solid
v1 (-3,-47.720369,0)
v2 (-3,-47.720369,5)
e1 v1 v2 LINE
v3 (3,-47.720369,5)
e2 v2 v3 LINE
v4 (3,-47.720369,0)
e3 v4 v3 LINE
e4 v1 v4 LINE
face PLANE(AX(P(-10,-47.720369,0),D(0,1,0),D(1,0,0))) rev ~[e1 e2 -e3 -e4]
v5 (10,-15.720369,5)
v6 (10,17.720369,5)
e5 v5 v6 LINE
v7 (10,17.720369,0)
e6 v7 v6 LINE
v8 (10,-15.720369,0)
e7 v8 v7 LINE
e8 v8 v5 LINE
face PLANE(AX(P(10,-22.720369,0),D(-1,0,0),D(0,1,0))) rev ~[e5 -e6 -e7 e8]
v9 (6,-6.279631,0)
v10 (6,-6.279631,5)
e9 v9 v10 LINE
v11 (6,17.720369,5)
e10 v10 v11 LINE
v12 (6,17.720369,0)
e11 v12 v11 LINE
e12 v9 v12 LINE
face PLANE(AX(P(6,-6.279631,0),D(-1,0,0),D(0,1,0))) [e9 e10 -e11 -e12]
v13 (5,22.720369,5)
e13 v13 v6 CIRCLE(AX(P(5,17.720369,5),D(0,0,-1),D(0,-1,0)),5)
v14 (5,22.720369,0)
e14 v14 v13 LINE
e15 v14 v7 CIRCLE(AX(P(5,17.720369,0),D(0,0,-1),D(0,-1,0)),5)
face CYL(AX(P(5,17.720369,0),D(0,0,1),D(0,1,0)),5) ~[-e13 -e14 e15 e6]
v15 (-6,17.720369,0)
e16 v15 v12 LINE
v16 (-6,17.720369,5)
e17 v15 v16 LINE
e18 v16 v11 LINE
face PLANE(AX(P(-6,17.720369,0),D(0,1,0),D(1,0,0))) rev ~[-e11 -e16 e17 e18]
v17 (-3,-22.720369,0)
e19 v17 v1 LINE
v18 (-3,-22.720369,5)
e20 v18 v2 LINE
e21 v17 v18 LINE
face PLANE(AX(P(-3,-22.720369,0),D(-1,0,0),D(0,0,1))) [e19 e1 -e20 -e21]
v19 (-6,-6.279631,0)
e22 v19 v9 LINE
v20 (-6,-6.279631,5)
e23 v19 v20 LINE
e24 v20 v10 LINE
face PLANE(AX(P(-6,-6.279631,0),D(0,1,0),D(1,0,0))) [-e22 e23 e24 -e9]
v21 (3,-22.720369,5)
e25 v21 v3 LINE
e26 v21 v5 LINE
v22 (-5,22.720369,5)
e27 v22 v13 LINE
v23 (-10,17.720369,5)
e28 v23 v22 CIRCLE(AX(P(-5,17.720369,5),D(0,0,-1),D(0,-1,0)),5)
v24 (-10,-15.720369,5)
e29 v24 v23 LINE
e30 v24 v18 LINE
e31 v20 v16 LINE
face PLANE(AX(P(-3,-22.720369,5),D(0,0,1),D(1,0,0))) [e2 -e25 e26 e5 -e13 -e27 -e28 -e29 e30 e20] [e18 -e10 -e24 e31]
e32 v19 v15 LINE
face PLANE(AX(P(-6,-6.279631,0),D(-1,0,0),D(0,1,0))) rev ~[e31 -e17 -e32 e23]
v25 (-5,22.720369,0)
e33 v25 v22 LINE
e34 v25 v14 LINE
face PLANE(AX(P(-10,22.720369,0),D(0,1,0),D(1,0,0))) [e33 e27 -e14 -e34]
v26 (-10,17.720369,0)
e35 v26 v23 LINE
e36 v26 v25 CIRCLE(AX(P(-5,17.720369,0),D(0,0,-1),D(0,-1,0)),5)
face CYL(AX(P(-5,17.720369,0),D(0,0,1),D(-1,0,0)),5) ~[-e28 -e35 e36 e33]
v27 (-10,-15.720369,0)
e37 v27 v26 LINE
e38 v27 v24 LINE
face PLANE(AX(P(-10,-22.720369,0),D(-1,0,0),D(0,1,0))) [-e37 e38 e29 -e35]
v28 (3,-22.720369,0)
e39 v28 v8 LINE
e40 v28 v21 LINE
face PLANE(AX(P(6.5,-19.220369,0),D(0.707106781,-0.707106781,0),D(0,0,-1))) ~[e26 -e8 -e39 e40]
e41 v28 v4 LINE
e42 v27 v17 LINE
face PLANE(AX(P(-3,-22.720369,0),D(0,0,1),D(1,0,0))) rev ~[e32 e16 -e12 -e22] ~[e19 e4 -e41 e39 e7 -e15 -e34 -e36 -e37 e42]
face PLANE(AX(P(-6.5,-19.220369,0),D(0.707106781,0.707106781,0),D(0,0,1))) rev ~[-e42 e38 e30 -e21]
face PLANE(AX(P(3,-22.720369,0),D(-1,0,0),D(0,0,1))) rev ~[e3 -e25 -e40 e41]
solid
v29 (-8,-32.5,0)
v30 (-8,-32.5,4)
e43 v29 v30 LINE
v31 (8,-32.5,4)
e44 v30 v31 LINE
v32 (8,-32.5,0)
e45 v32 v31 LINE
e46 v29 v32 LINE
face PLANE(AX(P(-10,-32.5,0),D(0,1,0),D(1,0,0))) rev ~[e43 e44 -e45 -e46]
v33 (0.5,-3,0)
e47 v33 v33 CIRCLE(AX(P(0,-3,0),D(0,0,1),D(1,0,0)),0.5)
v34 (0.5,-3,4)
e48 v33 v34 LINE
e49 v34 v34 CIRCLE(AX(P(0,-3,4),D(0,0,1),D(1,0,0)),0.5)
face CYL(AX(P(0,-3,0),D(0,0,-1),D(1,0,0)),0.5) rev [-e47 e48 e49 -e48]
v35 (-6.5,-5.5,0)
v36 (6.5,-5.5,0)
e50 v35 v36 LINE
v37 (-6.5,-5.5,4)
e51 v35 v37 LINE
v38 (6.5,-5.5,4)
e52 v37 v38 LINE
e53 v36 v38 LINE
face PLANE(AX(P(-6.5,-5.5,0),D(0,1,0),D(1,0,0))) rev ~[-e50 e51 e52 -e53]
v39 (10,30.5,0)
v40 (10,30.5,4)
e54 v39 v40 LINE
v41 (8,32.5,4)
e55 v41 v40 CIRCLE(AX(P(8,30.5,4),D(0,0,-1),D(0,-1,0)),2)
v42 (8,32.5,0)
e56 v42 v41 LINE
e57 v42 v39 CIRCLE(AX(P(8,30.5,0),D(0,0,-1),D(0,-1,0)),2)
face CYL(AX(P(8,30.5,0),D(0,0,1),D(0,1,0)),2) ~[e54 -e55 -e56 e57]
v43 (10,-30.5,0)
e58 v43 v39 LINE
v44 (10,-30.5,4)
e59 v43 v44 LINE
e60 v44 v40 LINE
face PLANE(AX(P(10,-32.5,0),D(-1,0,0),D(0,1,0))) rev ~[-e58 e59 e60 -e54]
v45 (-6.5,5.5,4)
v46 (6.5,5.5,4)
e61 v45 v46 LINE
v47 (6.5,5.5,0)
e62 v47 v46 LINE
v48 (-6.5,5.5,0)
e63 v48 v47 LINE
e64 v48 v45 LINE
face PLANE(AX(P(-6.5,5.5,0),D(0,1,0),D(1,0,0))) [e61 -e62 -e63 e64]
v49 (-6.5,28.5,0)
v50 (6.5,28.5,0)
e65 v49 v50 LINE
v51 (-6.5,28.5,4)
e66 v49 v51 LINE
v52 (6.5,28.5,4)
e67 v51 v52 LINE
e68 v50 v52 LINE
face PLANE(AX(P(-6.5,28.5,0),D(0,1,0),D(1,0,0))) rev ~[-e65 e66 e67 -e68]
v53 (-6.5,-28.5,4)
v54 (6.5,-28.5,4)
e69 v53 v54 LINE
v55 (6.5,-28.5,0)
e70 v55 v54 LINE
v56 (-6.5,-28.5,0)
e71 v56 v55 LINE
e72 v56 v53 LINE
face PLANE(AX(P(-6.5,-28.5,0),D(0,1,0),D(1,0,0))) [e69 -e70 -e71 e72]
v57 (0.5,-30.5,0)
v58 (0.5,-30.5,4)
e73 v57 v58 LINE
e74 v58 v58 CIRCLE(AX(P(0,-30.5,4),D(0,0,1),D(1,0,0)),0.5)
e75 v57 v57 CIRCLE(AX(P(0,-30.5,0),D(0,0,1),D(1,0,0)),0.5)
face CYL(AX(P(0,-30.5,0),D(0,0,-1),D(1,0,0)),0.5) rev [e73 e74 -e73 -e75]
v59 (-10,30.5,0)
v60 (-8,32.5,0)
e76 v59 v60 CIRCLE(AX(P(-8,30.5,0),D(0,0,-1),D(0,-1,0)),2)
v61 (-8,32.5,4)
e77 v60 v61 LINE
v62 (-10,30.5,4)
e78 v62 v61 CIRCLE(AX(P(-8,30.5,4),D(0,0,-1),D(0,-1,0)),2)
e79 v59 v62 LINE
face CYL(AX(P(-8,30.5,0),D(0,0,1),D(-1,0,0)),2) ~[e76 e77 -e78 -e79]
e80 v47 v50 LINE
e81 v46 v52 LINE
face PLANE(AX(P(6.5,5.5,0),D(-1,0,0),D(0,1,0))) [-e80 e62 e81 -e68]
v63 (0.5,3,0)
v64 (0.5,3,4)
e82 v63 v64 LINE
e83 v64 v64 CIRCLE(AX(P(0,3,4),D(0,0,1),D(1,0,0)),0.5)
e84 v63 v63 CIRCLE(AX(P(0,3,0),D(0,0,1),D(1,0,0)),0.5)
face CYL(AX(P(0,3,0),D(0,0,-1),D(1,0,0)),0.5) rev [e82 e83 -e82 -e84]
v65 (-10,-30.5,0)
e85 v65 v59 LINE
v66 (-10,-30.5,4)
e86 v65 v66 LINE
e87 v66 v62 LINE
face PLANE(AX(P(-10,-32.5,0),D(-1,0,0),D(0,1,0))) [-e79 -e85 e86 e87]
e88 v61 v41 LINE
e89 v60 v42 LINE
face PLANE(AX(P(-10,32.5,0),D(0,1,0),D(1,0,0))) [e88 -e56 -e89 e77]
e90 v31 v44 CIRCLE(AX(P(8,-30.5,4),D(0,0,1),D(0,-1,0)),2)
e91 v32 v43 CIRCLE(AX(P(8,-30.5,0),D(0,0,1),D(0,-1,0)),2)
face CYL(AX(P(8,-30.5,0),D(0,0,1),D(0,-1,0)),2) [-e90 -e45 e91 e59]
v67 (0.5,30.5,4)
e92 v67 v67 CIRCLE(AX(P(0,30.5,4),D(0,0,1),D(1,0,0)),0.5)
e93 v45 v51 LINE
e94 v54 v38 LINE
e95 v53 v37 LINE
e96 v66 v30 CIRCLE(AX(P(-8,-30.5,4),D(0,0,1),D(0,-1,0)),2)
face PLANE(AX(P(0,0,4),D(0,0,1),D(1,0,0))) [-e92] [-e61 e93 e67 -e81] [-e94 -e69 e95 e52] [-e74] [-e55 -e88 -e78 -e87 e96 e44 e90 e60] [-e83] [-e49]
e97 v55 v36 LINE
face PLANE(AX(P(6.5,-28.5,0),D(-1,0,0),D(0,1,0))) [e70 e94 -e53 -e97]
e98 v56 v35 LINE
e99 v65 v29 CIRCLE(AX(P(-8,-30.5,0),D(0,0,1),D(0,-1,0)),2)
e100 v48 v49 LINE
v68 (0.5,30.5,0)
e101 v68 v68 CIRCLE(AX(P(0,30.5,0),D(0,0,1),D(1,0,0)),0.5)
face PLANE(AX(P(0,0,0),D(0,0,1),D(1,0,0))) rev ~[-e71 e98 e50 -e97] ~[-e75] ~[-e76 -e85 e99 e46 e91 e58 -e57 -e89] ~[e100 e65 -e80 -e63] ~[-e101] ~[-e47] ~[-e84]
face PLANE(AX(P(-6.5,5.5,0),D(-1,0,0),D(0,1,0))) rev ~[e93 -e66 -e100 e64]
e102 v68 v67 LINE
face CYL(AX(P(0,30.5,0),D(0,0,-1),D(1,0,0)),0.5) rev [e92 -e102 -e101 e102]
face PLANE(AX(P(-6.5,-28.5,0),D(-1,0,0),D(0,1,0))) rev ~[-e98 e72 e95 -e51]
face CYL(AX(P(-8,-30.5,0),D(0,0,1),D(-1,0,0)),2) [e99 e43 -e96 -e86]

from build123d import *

# Parameters (mm, degrees)
F0_W     = 20
F0_H     = 65
F0_R     = 0.5
F0_W_2   = 13
F0_H_2   = 23
F1_DEPTH = 4
F2_R     = 2
F3_W     = 20
F3_H     = 45.4407371581
F3_W_2   = 12
F3_H_2   = 24
F4_DEPTH = 5
F5_SIZE  = 7
F6_DEPTH = 25
F7_R     = 5


with BuildPart() as f1:
    # F0 (on Top) → F1 (new body)
    with BuildSketch(Plane.XY):
        Rectangle(F0_W, F0_H)
        with Locations((0, -30.5)):
            Circle(F0_R, mode=Mode.SUBTRACT)
        with Locations((0, -17)):
            Rectangle(F0_W_2, F0_H_2, mode=Mode.SUBTRACT)
        with Locations((0, -3)):
            Circle(F0_R, mode=Mode.SUBTRACT)
        with Locations((0, 3)):
            Circle(F0_R, mode=Mode.SUBTRACT)
        with Locations((0, 17)):
            Rectangle(F0_W_2, F0_H_2, mode=Mode.SUBTRACT)
        with Locations((0, 30.5)):
            Circle(F0_R, mode=Mode.SUBTRACT)
    extrude(amount=F1_DEPTH)

    # F2
    f2_edges = [f1.edges().sort_by_distance(p)[0] for p in [
        (10, -32.5, 2),
        (10, 32.5, 2),
        (-10, -32.5, 2),
        (-10, 32.5, 2),
    ]]
    fillet(f2_edges, radius=F2_R)


with BuildPart() as f4:
    # F3 (on Top) → F4 (new body)
    with BuildSketch(Plane.XY):
        Rectangle(F3_W, F3_H)
        with Locations((0, 5.720368579)):
            Rectangle(F3_W_2, F3_H_2, mode=Mode.SUBTRACT)
    extrude(amount=F4_DEPTH)

    # F5
    f5_edges = [f4.edges().sort_by_distance(p)[0] for p in [
        (-10, -22.720369, 2.5),
        (10, -22.720369, 2.5),
    ]]
    chamfer(f5_edges, length=F5_SIZE)

    # F6 (add): a face of the model
    f6_faces = [f4.faces().sort_by_distance(p)[0] for p in [
        (0, -22.720368579, 2.5),
    ]]
    extrude(f6_faces, amount=F6_DEPTH)

    # F7
    f7_edges = [f4.edges().sort_by_distance(p)[0] for p in [
        (10, 22.720369, 2.5),
        (-10, 22.720369, 2.5),
    ]]
    fillet(f7_edges, radius=F7_R)


solid = Compound([f1.part, f4.part])
